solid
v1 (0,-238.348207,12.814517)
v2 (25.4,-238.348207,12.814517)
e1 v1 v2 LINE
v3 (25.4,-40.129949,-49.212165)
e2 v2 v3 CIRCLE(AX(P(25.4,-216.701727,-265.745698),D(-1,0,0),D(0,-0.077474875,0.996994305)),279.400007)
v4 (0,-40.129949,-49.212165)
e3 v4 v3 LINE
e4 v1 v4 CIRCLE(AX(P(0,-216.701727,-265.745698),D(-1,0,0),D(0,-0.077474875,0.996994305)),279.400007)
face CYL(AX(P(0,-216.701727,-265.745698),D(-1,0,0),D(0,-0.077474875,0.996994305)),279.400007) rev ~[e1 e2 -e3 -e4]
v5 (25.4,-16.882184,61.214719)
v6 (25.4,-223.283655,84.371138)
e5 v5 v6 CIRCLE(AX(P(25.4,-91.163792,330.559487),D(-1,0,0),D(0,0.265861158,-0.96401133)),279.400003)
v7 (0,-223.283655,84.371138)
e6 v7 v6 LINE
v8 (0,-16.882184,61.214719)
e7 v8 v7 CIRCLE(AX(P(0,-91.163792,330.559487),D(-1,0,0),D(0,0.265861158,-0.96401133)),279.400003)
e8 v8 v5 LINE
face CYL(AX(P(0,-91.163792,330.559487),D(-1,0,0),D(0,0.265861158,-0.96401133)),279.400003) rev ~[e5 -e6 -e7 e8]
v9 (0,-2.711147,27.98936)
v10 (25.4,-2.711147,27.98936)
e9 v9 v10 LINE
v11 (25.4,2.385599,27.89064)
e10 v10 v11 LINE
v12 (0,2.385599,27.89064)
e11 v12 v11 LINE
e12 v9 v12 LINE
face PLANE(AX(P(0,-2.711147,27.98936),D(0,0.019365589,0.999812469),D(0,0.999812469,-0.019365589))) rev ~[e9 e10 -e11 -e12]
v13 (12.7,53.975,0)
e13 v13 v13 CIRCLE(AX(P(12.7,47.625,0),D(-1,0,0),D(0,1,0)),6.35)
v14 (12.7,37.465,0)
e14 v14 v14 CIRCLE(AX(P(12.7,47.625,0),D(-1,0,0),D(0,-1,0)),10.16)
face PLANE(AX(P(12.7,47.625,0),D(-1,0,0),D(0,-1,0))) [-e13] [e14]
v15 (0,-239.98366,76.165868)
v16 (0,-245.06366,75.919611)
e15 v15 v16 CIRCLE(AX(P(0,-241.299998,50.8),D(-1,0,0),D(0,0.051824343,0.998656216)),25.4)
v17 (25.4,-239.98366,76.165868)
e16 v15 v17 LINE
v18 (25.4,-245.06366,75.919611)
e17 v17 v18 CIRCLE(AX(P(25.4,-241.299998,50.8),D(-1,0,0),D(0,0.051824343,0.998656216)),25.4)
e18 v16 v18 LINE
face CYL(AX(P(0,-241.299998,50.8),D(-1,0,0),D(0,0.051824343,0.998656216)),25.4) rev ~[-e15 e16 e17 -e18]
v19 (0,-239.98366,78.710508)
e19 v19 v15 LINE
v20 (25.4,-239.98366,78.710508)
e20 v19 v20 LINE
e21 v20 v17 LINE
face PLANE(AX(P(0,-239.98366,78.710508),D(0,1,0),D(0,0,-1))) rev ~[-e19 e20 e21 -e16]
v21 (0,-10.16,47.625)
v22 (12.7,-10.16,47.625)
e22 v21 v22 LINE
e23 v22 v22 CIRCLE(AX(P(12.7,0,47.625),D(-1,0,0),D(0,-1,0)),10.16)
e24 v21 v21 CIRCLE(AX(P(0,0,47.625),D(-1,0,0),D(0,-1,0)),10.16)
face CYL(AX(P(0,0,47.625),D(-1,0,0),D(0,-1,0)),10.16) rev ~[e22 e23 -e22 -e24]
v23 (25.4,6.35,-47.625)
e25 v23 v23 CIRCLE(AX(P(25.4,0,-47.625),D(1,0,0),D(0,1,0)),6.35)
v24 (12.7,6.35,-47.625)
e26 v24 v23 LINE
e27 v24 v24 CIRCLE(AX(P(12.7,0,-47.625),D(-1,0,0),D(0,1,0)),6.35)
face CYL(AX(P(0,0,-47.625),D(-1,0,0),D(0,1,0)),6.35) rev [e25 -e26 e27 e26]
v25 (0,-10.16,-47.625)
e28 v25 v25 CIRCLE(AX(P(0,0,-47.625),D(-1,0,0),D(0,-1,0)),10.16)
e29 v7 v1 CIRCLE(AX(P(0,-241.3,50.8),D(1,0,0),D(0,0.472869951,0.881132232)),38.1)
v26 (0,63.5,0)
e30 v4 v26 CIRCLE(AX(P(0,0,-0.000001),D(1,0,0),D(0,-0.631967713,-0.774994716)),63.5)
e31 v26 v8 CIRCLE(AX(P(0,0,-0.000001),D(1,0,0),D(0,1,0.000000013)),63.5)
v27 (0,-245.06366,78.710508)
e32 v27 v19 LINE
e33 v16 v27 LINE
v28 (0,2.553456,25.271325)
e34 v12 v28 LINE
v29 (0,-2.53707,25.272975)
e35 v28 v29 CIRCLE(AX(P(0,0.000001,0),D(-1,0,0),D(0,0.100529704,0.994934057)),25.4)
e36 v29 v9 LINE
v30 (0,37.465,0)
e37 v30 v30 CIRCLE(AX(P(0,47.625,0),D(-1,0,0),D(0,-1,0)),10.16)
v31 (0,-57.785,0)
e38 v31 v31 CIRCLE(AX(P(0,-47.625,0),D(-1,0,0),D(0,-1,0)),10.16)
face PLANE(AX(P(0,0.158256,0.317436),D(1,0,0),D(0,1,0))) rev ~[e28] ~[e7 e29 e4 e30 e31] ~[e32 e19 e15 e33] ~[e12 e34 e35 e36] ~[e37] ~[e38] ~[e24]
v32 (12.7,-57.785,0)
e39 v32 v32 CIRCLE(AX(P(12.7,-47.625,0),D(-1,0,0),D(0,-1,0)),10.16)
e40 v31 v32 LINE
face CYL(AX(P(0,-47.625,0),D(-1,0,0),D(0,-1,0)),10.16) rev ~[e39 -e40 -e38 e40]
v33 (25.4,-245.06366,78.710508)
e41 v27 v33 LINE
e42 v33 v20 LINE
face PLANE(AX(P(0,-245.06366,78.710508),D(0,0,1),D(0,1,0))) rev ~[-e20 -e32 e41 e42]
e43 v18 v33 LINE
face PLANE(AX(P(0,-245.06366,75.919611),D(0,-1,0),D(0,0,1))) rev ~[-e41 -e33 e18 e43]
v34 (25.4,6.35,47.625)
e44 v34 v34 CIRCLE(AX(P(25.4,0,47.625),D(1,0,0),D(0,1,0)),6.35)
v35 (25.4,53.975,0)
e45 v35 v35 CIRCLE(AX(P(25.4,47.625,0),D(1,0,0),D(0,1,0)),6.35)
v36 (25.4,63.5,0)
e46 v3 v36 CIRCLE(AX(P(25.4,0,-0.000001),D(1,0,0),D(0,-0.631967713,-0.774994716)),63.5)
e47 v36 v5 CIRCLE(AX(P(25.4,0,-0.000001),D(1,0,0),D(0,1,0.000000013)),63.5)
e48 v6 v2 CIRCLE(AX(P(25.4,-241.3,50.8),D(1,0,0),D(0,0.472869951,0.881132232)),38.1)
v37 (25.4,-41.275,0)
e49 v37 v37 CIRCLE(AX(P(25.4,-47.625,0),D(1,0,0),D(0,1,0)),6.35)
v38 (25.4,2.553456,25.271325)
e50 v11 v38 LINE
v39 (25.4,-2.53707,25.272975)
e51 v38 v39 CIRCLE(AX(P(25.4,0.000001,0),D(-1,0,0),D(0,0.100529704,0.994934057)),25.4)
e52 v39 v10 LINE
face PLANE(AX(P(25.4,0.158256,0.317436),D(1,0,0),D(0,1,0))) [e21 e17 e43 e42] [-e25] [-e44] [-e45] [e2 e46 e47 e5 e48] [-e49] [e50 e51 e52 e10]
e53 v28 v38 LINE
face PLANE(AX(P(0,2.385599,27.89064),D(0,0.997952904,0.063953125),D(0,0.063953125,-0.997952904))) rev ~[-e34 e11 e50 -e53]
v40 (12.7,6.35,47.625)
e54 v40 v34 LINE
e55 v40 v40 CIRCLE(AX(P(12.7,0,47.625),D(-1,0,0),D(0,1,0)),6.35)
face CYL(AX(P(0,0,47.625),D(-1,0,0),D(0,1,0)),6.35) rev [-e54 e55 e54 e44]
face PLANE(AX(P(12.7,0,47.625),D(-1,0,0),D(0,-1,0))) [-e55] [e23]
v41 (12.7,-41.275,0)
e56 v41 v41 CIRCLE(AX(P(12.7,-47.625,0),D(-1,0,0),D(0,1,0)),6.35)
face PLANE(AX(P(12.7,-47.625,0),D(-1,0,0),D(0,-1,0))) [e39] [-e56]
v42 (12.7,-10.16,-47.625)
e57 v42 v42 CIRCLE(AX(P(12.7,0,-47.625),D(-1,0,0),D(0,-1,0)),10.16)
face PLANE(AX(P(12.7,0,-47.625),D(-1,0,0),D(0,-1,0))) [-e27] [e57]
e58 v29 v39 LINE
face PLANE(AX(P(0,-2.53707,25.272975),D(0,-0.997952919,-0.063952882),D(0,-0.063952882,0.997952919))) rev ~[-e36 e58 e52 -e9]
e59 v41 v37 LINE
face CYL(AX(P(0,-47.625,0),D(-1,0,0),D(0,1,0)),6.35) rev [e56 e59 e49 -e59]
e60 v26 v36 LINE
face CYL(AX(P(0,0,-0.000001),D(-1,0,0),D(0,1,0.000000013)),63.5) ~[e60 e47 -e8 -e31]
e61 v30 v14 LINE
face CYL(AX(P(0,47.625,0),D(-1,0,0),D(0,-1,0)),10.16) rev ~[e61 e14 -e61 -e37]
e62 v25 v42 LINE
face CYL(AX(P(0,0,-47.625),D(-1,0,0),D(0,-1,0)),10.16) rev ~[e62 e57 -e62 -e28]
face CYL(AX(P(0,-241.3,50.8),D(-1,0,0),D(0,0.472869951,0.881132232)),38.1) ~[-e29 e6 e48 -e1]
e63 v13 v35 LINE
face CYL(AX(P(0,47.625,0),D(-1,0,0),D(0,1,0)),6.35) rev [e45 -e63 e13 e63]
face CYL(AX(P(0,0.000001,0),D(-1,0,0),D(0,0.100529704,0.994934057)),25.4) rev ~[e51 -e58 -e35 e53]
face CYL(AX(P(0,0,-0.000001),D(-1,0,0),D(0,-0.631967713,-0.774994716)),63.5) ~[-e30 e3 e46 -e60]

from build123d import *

# Parameters (mm, degrees)
F0_R     = 6.35
F1_DEPTH = 25.4
F3_R     = 10.16
F4_DEPTH = 12.7


with BuildPart() as f1:
    # F0 (on Right) → F1 (new body)
    with BuildSketch(Plane.YZ):
        with BuildLine():
            ThreePointArc((-40.129949, -49.212165), (27.239661, -57.360709), (63.5, 0))
            ThreePointArc((63.5, 0), (38.472271, 50.518653), (-16.882184, 61.214719))
            ThreePointArc((-16.882184, 61.214719), (-62.137911, 13.081666), (-40.129949, -49.212165))
        make_face()
        with Locations((0, -47.625)):
            Circle(F0_R, mode=Mode.SUBTRACT)
        with Locations((-47.625, 0)):
            Circle(F0_R, mode=Mode.SUBTRACT)
        with BuildLine():
            ThreePointArc((2.553456, 25.271325), (-0.008235, -25.399999), (-2.53707, 25.272975))
            Line((-2.53707, 25.272975), (-2.711147, 27.98936))
            Line((-2.711147, 27.98936), (2.385599, 27.89064))
            Line((2.385599, 27.89064), (2.553456, 25.271325))
        make_face(mode=Mode.SUBTRACT)
        with Locations((47.625, 0)):
            Circle(F0_R, mode=Mode.SUBTRACT)
        with Locations((0, 47.625)):
            Circle(F0_R, mode=Mode.SUBTRACT)
        with BuildLine():
            ThreePointArc((-40.129949, -49.212165), (-62.137911, 13.081666), (-16.882184, 61.214719))
            ThreePointArc((-16.882184, 61.214719), (-122.314568, 52.901441), (-223.283655, 84.371138))
            ThreePointArc((-223.283655, 84.371138), (-208.604184, 70.360001), (-203.2, 50.8))
            ThreePointArc((-203.2, 50.8), (-213.335082, 24.923885), (-238.348207, 12.814517))
            ThreePointArc((-238.348207, 12.814517), (-133.261393, 0.904024), (-40.129949, -49.212165))
        make_face()
        with BuildLine():
            ThreePointArc((-203.2, 50.8), (-208.604184, 70.360001), (-223.283655, 84.371138))
            ThreePointArc((-223.283655, 84.371138), (-278.582747, 58.648999), (-238.348207, 12.814517))
            ThreePointArc((-238.348207, 12.814517), (-213.335082, 24.923885), (-203.2, 50.8))
        make_face()
        with BuildLine():
            ThreePointArc((-239.98366, 76.165868), (-240.070161, 25.429791), (-245.06366, 75.919611))
            Line((-245.06366, 75.919611), (-245.06366, 78.710508))
            Line((-245.06366, 78.710508), (-239.98366, 78.710508))
            Line((-239.98366, 78.710508), (-239.98366, 76.165868))
        make_face(mode=Mode.SUBTRACT)
    extrude(amount=F1_DEPTH)

    # F3 (on face) → F4 (cut)
    with BuildSketch(Plane(origin=(0, 0, 0), x_dir=(0, -1, 0), z_dir=(-1, 0, 0))):
        with Locations((0, 47.625)):
            Circle(F3_R)
        with Locations((47.625, 0)):
            Circle(F3_R)
        with Locations((0, -47.625)):
            Circle(F3_R)
        with Locations((-47.625, 0)):
            Circle(F3_R)
    extrude(amount=-F4_DEPTH, mode=Mode.SUBTRACT)


solid = f1.part
